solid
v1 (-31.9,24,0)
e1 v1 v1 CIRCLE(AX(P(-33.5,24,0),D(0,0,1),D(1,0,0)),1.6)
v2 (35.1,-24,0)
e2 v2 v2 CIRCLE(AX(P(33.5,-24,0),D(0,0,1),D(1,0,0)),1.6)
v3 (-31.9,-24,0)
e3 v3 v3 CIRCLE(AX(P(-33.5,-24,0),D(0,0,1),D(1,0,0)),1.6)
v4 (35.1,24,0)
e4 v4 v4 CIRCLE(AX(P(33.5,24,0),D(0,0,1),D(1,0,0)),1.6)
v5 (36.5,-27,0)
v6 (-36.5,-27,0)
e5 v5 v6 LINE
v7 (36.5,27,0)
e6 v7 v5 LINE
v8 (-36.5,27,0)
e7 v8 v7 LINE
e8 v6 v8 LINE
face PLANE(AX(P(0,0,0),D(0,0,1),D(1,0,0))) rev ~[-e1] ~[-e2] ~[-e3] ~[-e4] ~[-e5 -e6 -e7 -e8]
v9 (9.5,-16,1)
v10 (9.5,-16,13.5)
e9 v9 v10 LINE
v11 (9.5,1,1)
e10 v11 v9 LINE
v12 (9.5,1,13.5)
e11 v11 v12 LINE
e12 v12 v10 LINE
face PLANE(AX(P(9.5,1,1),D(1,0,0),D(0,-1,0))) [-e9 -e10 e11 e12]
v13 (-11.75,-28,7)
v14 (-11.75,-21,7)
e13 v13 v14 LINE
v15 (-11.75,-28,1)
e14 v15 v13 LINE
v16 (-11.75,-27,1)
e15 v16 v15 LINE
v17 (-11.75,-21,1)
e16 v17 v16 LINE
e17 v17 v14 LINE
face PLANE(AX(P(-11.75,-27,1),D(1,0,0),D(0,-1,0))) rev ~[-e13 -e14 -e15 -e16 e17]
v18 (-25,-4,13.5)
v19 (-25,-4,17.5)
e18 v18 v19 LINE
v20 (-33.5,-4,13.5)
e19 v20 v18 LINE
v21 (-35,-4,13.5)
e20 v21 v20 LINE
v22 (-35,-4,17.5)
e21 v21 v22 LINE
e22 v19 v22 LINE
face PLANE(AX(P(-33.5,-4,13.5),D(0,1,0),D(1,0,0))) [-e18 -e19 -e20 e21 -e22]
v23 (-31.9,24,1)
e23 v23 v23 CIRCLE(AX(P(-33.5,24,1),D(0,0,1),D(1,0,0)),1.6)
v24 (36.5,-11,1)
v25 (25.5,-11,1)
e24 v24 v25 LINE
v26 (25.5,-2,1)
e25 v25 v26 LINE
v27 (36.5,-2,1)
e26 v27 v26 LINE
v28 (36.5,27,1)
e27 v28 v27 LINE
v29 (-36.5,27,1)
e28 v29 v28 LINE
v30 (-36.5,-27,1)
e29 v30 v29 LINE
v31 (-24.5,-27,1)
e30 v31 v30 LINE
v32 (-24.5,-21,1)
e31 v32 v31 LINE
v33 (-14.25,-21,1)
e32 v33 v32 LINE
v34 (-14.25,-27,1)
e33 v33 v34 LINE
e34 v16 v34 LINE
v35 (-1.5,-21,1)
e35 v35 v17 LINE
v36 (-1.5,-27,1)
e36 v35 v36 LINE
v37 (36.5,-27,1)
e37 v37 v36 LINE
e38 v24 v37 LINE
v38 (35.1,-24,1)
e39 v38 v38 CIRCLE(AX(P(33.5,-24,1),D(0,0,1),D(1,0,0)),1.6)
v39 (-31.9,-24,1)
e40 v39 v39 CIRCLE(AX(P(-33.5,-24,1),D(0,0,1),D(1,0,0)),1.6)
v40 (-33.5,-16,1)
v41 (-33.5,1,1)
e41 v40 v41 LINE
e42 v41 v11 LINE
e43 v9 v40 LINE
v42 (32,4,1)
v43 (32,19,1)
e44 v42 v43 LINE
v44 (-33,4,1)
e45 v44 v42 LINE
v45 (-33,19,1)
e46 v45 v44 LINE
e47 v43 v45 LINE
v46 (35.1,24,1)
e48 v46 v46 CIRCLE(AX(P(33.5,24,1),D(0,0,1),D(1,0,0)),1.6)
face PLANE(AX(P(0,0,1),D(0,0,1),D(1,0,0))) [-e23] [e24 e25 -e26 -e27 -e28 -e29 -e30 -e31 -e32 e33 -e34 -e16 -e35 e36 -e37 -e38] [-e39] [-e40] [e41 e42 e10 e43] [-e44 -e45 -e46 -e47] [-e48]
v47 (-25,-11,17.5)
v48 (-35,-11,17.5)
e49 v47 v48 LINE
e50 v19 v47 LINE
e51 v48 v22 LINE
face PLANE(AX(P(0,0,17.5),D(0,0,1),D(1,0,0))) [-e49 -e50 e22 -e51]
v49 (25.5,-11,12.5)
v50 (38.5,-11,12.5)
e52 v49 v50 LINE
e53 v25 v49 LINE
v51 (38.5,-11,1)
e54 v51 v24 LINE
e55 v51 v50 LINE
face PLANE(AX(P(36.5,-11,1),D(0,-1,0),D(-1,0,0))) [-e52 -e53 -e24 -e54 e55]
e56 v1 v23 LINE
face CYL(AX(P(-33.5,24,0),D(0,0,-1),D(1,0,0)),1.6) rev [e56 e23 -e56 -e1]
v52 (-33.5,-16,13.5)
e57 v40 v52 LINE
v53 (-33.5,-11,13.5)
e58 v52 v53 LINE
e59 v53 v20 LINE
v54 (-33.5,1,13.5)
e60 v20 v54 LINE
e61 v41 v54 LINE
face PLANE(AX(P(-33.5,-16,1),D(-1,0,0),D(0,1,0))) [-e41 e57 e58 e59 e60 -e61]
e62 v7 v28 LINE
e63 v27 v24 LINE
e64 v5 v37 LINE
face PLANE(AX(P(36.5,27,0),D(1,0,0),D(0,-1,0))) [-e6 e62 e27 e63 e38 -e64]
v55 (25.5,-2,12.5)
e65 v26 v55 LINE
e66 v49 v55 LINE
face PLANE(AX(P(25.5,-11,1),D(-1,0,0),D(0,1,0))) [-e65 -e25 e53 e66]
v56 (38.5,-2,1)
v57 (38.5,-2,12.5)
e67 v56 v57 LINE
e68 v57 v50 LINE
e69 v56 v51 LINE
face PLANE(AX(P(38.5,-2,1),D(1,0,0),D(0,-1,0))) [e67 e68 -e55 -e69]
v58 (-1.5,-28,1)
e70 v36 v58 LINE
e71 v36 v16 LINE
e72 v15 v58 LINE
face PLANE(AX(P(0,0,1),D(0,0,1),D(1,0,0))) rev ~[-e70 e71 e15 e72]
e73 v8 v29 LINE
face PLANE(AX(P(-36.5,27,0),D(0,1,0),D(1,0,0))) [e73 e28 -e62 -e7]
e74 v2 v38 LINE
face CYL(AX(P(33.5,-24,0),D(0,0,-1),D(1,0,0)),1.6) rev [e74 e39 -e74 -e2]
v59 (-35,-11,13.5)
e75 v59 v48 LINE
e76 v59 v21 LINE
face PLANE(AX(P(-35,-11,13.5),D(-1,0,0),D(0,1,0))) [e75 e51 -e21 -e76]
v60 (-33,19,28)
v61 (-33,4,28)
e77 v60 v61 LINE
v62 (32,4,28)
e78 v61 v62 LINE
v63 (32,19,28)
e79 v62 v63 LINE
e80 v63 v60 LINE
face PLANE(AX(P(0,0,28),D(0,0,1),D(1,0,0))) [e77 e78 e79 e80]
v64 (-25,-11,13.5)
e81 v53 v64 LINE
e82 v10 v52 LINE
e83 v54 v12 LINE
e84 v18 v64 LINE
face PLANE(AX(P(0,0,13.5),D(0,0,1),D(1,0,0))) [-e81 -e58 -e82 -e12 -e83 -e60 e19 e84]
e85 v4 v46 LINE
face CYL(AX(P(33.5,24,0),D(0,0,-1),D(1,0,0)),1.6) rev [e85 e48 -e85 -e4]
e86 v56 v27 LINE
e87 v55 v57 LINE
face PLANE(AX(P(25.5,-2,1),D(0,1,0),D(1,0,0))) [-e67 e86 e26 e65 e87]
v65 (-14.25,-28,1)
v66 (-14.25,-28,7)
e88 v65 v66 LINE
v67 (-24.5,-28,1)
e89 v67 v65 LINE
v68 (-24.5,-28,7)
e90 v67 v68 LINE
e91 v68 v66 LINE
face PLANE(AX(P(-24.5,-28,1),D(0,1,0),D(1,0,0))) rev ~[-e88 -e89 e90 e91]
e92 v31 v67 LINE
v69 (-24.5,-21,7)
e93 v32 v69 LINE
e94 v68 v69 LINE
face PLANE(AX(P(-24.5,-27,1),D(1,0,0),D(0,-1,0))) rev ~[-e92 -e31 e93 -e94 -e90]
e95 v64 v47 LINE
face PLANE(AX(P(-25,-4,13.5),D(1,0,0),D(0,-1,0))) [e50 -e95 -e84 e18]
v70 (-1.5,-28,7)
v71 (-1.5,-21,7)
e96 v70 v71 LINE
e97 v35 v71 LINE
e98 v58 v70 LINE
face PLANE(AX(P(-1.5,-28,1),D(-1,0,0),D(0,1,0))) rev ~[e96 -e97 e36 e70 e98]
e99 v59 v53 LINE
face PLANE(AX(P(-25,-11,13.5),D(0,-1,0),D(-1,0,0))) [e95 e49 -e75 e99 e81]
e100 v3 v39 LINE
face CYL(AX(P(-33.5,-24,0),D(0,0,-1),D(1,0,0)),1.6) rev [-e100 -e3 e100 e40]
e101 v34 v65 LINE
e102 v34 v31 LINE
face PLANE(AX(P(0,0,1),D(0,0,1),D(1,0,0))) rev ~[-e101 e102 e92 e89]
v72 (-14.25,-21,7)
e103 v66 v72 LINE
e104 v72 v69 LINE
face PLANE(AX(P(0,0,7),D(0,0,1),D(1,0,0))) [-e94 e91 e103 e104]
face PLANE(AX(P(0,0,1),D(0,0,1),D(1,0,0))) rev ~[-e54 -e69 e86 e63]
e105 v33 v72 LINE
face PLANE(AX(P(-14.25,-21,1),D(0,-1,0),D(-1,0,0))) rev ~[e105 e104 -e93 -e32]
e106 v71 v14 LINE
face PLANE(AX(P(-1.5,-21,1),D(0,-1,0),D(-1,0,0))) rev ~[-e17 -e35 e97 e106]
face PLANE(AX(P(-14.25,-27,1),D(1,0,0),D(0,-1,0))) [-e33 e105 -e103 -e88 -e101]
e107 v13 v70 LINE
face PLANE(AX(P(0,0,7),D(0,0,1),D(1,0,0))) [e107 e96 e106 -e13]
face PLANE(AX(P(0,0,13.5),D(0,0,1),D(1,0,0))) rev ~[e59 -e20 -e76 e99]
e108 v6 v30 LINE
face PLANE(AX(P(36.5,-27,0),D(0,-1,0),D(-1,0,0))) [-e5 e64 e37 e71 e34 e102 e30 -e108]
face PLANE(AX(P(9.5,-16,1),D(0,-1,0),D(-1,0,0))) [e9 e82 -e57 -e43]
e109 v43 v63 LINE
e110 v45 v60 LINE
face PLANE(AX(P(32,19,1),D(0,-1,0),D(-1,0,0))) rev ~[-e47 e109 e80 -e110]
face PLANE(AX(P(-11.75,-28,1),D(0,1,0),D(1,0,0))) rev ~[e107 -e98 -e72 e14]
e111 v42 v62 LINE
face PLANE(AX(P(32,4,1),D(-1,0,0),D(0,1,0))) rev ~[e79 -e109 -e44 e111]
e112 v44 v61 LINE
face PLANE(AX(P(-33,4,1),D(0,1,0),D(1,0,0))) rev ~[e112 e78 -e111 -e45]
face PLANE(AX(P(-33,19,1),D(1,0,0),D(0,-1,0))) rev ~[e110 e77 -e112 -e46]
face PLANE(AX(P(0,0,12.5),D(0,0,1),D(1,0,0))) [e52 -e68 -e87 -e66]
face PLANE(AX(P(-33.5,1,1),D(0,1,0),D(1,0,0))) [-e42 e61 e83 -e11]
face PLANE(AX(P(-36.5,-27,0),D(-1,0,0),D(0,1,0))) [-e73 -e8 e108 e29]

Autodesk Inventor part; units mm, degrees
ref_plane "YZ Plane" through (0, 0, 0) normal (1, 0, 0) x (0, 1, 0)
ref_plane "XZ Plane" through (0, 0, 0) normal (0, 1, 0) x (-1, 0, 0)
ref_plane "XY Plane" through (0, 0, 0) normal (0, 0, 1) x (1, 0, 0)
sketch "Эскиз1" plane through (0, 0, 0) normal (0, 0, 1) x (1, 0, 0)
  line L0 (36.5, -27) -> (-36.5, -27)
  line L1 (-36.5, -27) -> (-36.5, 27)
  line L2 (-36.5, 27) -> (36.5, 27)
  line L3 (36.5, 27) -> (36.5, -27)
  line L4 (36.5, -27) -> (-36.5, 27) construction
  line L5 (-36.5, -27) -> (36.5, 27) construction
  circle A0 centre (-33.5, -24) radius 1.6
  circle A1 centre (-33.5, 24) radius 1.6
  circle A2 centre (33.5, 24) radius 1.6
  circle A3 centre (33.5, -24) radius 1.6
  line L6 (-35.1, 24) -> (36.5, 24) construction
  line L7 (-33.5, 27) -> (-33.5, -27) construction
  line L8 (-36.5, -24) -> (36.5, -24) construction
  line L9 (33.5, 27) -> (33.5, -27) construction
  point P0 (0, 0)
  dimension "d6" = 3.2
  dimension "d0" = 73
  dimension "d1" = 54
  dimension "d2" = 3
  dimension "d3" = 3
  dimension "d4" = 3
  dimension "d5" = 3
extrude "Выдавливание1" add sketch "Эскиз1" along normal blind 1
sketch "Эскиз2" plane through (0, 0, 1) normal (0, 0, 1) x (1, 0, 0)
  line L0 (25.5, -2) -> (38.5, -2)
  line L1 (38.5, -2) -> (38.5, -11)
  line L2 (38.5, -11) -> (25.5, -11)
  line L3 (25.5, -11) -> (25.5, -2)
  line L4 (-36.5, -27) -> (36.5, -27) projected
  line L5 (36.5, -27) -> (36.5, 27) projected
  point P0 (0, 0)
  dimension "d9" = 13
  dimension "d10" = 9
  dimension "d11" = 16
  dimension "d12" = 2
extrude "Выдавливание2" add sketch "Эскиз2" along normal blind 11.5
sketch "Эскиз3" plane through (0, 0, 1) normal (0, 0, 1) x (1, 0, 0)
  line L0 (-24.5, -28) -> (-1.5, -28)
  line L1 (-1.5, -28) -> (-1.5, -21)
  line L2 (-1.5, -21) -> (-24.5, -21)
  line L3 (-24.5, -21) -> (-24.5, -28)
  line L4 (-36.5, -27) -> (36.5, -27) projected
  line L5 (-36.5, 27) -> (-36.5, -27) projected
  line L6 (-14.25, -21) -> (-14.25, -28)
  line L7 (-11.75, -21) -> (-11.75, -28)
  point P0 (0, 0)
  dimension "d15" = 23
  dimension "d16" = 7
  dimension "d17" = 1
  dimension "d18" = 12
  dimension "d21" = 2.5
  dimension "d22" = 10.25
extrude "Выдавливание3" add sketch "Эскиз3" along normal blind 6 contours L3 L4 L6 L0 | L3 L2 L6 L4 | L7 L4 L1 L0 | L7 L2 L1 L4
sketch "Эскиз4" plane through (0, 0, 1) normal (0, 0, 1) x (1, 0, 0)
  line L0 (-33.5, 1) -> (9.5, 1)
  line L1 (9.5, 1) -> (9.5, -16)
  line L2 (9.5, -16) -> (-33.5, -16)
  line L3 (-33.5, -16) -> (-33.5, 1)
  line L4 (-36.5, -27) -> (-24.5, -27) projected
  line L5 (-36.5, 27) -> (-36.5, -27) projected
  point P0 (0, 0)
  dimension "d23" = 17
  dimension "d24" = 43
  dimension "d25" = 11
  dimension "d26" = 3
extrude "Выдавливание4" add sketch "Эскиз4" along normal blind 12.5
sketch "Эскиз5" plane through (0, 0, 13.5) normal (0, 0, 1) x (1, 0, 0)
  line L0 (-25, -11) -> (-35, -11)
  line L1 (-35, -11) -> (-35, -4)
  line L2 (-35, -4) -> (-25, -4)
  line L3 (-25, -4) -> (-25, -11)
  line L4 (-25, -11) -> (-35, -4) construction
  line L5 (-35, -11) -> (-25, -4) construction
  line L6 (-35, -7.5) -> (-25, -7.5) construction
  line L7 (-33.5, 1) -> (-33.5, -16) projected
  point P0 (0, 0)
  point P1 (-30, -7.5)
  point P2 (-33.5, -7.5)
  dimension "d29" = 10
  dimension "d30" = 7
  dimension "d31" = 1.5
extrude "Выдавливание5" add sketch "Эскиз5" along normal blind 4
sketch "Эскиз6" plane through (0, 0, 1) normal (0, 0, 1) x (1, 0, 0)
  line L0 (32, 19) -> (-33, 19)
  line L1 (-33, 19) -> (-33, 4)
  line L2 (-33, 4) -> (32, 4)
  line L3 (32, 4) -> (32, 19)
  line L4 (36.5, 27) -> (-36.5, 27) projected
  line L5 (-36.5, 27) -> (-36.5, -27) projected
  point P0 (0, 0)
  dimension "d34" = 15
  dimension "d35" = 65
  dimension "d36" = 8
  dimension "d37" = 3.5
extrude "Выдавливание6" add sketch "Эскиз6" along normal blind 27
equation "\"d3\" = d2"
equation "\"d4\" = d2"
equation "\"d5\" = d2"
equation "\"d22\" = -0.5 * d21 + 0.5 * d15"
properties part number "Плата"
